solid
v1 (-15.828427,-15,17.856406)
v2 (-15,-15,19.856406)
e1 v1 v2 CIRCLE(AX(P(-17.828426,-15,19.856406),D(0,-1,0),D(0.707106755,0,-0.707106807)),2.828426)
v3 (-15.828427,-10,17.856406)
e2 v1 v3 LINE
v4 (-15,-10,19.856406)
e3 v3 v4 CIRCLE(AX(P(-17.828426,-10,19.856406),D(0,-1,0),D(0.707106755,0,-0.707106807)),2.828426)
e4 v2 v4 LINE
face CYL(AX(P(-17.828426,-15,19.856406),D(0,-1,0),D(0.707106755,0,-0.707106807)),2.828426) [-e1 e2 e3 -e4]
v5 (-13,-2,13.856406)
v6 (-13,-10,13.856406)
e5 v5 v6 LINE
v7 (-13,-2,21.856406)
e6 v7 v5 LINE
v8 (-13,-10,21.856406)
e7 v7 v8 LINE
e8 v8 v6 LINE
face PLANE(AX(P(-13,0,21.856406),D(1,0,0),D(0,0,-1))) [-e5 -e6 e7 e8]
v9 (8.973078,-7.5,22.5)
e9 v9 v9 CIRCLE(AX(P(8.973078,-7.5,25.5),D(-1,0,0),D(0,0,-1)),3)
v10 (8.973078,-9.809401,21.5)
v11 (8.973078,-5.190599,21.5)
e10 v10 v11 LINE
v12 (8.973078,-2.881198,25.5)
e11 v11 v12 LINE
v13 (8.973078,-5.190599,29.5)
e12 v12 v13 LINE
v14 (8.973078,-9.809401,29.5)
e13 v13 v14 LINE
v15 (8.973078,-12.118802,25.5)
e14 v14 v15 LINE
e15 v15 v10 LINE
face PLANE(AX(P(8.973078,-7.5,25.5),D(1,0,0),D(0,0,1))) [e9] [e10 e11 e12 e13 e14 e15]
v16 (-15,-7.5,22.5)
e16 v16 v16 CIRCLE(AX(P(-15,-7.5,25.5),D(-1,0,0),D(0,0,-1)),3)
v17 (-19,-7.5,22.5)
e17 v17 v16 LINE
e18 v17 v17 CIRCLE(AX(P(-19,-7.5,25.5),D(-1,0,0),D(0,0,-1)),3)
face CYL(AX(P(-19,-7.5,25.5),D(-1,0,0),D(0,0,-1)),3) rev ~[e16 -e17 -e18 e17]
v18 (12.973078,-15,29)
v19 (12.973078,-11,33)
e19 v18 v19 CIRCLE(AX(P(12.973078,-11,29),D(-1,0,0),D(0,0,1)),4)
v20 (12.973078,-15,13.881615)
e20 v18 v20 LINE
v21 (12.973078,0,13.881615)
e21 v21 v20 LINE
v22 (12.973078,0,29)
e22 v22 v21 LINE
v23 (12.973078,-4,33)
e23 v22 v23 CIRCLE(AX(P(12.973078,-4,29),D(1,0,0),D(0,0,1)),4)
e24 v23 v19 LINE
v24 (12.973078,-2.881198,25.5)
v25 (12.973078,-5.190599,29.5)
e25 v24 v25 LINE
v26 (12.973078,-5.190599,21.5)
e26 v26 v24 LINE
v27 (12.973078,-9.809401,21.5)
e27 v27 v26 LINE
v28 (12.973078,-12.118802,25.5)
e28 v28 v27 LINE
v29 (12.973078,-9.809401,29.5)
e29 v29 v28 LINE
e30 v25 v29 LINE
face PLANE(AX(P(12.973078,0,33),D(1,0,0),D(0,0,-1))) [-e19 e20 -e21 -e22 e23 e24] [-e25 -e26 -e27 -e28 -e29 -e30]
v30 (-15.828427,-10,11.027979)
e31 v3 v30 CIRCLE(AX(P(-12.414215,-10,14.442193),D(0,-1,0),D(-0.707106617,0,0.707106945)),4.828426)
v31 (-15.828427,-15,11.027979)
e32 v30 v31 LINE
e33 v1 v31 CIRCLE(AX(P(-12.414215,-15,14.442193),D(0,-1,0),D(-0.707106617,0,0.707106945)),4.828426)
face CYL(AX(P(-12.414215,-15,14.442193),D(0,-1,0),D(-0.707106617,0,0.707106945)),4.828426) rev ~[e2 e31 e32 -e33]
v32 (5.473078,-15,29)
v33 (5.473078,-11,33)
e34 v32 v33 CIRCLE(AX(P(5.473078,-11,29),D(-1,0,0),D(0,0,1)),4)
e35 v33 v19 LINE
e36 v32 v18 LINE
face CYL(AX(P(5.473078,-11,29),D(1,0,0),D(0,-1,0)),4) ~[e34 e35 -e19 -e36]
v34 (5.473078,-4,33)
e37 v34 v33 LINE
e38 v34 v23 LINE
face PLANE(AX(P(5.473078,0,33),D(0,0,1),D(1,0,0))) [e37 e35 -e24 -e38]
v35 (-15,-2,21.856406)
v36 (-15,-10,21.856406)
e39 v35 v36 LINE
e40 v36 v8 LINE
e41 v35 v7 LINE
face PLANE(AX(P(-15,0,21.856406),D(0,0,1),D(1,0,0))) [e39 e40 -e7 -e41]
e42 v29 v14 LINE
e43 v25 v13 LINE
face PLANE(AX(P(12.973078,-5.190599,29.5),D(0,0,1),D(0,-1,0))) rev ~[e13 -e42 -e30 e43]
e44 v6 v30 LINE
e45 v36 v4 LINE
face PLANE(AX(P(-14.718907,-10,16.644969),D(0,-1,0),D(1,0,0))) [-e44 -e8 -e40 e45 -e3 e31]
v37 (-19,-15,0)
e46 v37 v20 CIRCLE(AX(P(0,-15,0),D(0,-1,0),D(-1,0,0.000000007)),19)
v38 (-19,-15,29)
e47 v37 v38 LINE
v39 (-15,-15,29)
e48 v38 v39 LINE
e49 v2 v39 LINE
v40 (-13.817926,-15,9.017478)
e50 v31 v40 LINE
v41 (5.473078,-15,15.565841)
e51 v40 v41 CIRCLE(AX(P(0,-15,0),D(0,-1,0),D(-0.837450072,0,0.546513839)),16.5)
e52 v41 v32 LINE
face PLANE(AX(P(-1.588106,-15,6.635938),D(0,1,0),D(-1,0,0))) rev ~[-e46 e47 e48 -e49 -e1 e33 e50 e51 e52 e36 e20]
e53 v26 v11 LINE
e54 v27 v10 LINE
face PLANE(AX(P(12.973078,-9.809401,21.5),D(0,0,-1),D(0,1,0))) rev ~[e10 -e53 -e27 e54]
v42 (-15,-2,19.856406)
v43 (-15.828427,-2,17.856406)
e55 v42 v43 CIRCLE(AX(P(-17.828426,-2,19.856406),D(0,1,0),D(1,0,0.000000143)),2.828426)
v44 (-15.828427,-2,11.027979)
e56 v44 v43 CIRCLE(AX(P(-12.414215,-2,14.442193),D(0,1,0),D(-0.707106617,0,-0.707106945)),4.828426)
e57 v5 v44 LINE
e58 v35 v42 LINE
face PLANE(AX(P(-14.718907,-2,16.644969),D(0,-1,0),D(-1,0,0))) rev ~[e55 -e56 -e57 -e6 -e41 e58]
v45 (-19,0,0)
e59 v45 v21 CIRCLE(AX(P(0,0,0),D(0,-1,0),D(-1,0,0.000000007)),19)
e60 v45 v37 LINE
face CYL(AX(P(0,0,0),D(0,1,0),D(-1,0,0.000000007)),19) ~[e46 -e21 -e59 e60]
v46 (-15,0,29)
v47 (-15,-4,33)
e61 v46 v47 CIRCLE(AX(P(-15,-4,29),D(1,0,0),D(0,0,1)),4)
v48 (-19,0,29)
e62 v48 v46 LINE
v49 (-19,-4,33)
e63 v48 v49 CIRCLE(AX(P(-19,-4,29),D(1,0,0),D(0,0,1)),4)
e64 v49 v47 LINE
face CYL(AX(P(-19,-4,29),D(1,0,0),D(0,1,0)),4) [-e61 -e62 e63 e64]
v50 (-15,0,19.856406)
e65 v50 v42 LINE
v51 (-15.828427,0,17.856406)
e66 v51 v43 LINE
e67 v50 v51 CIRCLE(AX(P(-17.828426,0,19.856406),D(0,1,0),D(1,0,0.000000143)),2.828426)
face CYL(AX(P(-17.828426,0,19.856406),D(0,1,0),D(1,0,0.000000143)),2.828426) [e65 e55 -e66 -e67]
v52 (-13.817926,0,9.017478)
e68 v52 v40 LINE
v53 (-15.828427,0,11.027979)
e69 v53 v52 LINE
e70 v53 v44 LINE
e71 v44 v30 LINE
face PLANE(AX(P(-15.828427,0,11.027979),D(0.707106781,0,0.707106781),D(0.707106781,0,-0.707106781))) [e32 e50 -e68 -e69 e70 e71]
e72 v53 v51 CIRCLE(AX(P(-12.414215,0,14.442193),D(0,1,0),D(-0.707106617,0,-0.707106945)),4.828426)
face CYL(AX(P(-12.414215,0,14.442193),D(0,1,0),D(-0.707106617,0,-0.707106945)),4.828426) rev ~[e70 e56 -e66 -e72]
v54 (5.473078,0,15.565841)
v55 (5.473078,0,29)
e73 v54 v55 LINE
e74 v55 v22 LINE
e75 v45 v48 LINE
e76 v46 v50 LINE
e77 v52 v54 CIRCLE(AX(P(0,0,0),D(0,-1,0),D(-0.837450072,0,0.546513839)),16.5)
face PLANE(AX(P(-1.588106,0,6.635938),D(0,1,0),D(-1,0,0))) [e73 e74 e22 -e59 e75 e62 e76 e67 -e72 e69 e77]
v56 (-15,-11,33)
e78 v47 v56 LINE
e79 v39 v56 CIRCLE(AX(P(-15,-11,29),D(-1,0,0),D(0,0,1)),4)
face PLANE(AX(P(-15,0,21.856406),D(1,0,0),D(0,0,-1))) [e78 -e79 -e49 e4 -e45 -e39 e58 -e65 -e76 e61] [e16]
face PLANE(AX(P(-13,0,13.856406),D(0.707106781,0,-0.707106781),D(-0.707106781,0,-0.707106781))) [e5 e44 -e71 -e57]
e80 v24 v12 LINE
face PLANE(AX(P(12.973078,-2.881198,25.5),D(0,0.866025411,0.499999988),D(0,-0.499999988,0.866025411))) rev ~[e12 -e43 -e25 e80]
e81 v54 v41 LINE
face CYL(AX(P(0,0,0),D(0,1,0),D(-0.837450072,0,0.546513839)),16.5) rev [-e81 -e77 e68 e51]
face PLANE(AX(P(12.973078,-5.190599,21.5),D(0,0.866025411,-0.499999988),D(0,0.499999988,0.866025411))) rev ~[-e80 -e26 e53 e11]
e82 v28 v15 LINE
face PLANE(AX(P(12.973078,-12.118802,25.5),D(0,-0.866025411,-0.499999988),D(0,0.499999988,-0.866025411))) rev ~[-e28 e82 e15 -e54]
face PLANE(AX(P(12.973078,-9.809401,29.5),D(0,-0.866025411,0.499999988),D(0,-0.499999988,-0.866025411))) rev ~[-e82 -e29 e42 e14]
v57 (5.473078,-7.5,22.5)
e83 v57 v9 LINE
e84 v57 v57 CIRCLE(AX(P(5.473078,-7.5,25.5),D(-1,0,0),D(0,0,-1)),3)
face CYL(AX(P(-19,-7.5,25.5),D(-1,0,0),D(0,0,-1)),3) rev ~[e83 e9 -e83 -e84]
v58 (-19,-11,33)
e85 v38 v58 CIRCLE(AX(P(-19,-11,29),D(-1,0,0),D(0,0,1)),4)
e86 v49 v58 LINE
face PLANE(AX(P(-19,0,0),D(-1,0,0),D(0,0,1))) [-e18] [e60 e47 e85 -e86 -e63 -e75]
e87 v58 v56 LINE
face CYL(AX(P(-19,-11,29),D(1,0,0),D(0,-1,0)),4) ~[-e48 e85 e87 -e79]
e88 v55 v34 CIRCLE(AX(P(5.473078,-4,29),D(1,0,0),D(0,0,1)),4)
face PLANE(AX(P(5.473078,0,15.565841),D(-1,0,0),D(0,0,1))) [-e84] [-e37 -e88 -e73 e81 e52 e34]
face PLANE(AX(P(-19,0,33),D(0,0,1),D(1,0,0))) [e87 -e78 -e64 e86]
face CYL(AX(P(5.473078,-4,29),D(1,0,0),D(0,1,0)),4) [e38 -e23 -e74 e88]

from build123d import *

# Parameters (mm, degrees)
PAD_DEPTH       = 15
SKETCH001_R     = 3
POCKET_DEPTH    = 38.001
FILLET_R        = 4
POCKET001_DEPTH = 4
POCKET002_DEPTH = 5
POCKET003_DEPTH = 2


with BuildPart() as part:
    # Sketch → Pad (new body)
    with BuildSketch(Plane.XZ):
        with BuildLine():
            Line((-19, 0), (-19, 33))
            Line((-19, 33), (-15, 33))
            Line((-15, 33), (-15, 21.856406))
            Line((-15, 21.856406), (-13, 21.856406))
            Line((-13, 21.856406), (-13, 13.856406))
            Line((-13, 13.856406), (-15.828427, 11.027979))
            Line((-15.828427, 11.027979), (-13.817926, 9.017478))
            ThreePointArc((-13.817926, 9.017478), (5.303714, -15.62436), (5.473078, 15.565841))
            Line((5.473078, 15.565841), (5.473078, 33))
            Line((5.473078, 33), (12.973078, 33))
            Line((12.973078, 33), (12.973078, 13.881615))
            ThreePointArc((-19, 0), (7.566753, -17.42826), (12.973078, 13.881615))
        make_face()
    extrude(amount=PAD_DEPTH)

    # Sketch001 (on Face1 of Pad) → Pocket (cut, through all)
    with BuildSketch(Plane(origin=(-19, 0, 0), x_dir=(0, 0, -1), z_dir=(-1, 0, 0))):
        with Locations((-25.5, 7.5)):
            Circle(SKETCH001_R)
    extrude(amount=-POCKET_DEPTH, mode=Mode.SUBTRACT)

    # Fillet
    fillet_edges = [part.edges().sort_by_distance(p)[0] for p in [
        (-17, 0, 33),
        (-17, -15, 33),
        (9.223078, -15, 33),
        (9.223078, 0, 33),
    ]]
    fillet(fillet_edges, radius=FILLET_R)

    # Sketch002 (on Face10 of Fillet) → Pocket001 (cut)
    with BuildSketch(Plane(origin=(12.973078, 0, 0), x_dir=(0, 0, 1), z_dir=(1, 0, 0))):
        Polygon((21.5, 9.809401), (21.5, 5.190599), (25.5, 2.881198), (29.5, 5.190599), (29.5, 9.809401), (25.5, 12.118802), align=None)
    extrude(amount=-POCKET001_DEPTH, mode=Mode.SUBTRACT)

    # Sketch003 (on Face6 of Pocket001) → Pocket002 (cut)
    with BuildSketch(Plane.XZ.offset(15)):
        with BuildLine():
            Line((-15, 21.856406), (-15, 19.856406))
            ThreePointArc((-15.828427, 17.856406), (-15.215301, 18.774014), (-15, 19.856406))
            ThreePointArc((-15.828427, 17.856406), (-17.242641, 14.442193), (-15.828427, 11.027979))
            Line((-13, 13.856406), (-15.828427, 11.027979))
            Line((-13, 21.856406), (-13, 13.856406))
            Line((-15, 21.856406), (-13, 21.856406))
        make_face()
    extrude(amount=-POCKET002_DEPTH, mode=Mode.SUBTRACT)

    # Sketch004 (on Face2 of Pocket002) → Pocket003 (cut)
    with BuildSketch(Plane(origin=(0, 0, 0), x_dir=(1, 0, 0), z_dir=(0, 1, 0))):
        with BuildLine():
            Line((-15, -21.856406), (-15, -19.856406))
            ThreePointArc((-15, -19.856406), (-15.215301, -18.774014), (-15.828427, -17.856406))
            ThreePointArc((-15.828427, -11.027979), (-17.242641, -14.442193), (-15.828427, -17.856406))
            Line((-13, -13.856406), (-15.828427, -11.027979))
            Line((-13, -21.856406), (-13, -13.856406))
            Line((-15, -21.856406), (-13, -21.856406))
        make_face()
    extrude(amount=-POCKET003_DEPTH, mode=Mode.SUBTRACT)


solid = part.part
